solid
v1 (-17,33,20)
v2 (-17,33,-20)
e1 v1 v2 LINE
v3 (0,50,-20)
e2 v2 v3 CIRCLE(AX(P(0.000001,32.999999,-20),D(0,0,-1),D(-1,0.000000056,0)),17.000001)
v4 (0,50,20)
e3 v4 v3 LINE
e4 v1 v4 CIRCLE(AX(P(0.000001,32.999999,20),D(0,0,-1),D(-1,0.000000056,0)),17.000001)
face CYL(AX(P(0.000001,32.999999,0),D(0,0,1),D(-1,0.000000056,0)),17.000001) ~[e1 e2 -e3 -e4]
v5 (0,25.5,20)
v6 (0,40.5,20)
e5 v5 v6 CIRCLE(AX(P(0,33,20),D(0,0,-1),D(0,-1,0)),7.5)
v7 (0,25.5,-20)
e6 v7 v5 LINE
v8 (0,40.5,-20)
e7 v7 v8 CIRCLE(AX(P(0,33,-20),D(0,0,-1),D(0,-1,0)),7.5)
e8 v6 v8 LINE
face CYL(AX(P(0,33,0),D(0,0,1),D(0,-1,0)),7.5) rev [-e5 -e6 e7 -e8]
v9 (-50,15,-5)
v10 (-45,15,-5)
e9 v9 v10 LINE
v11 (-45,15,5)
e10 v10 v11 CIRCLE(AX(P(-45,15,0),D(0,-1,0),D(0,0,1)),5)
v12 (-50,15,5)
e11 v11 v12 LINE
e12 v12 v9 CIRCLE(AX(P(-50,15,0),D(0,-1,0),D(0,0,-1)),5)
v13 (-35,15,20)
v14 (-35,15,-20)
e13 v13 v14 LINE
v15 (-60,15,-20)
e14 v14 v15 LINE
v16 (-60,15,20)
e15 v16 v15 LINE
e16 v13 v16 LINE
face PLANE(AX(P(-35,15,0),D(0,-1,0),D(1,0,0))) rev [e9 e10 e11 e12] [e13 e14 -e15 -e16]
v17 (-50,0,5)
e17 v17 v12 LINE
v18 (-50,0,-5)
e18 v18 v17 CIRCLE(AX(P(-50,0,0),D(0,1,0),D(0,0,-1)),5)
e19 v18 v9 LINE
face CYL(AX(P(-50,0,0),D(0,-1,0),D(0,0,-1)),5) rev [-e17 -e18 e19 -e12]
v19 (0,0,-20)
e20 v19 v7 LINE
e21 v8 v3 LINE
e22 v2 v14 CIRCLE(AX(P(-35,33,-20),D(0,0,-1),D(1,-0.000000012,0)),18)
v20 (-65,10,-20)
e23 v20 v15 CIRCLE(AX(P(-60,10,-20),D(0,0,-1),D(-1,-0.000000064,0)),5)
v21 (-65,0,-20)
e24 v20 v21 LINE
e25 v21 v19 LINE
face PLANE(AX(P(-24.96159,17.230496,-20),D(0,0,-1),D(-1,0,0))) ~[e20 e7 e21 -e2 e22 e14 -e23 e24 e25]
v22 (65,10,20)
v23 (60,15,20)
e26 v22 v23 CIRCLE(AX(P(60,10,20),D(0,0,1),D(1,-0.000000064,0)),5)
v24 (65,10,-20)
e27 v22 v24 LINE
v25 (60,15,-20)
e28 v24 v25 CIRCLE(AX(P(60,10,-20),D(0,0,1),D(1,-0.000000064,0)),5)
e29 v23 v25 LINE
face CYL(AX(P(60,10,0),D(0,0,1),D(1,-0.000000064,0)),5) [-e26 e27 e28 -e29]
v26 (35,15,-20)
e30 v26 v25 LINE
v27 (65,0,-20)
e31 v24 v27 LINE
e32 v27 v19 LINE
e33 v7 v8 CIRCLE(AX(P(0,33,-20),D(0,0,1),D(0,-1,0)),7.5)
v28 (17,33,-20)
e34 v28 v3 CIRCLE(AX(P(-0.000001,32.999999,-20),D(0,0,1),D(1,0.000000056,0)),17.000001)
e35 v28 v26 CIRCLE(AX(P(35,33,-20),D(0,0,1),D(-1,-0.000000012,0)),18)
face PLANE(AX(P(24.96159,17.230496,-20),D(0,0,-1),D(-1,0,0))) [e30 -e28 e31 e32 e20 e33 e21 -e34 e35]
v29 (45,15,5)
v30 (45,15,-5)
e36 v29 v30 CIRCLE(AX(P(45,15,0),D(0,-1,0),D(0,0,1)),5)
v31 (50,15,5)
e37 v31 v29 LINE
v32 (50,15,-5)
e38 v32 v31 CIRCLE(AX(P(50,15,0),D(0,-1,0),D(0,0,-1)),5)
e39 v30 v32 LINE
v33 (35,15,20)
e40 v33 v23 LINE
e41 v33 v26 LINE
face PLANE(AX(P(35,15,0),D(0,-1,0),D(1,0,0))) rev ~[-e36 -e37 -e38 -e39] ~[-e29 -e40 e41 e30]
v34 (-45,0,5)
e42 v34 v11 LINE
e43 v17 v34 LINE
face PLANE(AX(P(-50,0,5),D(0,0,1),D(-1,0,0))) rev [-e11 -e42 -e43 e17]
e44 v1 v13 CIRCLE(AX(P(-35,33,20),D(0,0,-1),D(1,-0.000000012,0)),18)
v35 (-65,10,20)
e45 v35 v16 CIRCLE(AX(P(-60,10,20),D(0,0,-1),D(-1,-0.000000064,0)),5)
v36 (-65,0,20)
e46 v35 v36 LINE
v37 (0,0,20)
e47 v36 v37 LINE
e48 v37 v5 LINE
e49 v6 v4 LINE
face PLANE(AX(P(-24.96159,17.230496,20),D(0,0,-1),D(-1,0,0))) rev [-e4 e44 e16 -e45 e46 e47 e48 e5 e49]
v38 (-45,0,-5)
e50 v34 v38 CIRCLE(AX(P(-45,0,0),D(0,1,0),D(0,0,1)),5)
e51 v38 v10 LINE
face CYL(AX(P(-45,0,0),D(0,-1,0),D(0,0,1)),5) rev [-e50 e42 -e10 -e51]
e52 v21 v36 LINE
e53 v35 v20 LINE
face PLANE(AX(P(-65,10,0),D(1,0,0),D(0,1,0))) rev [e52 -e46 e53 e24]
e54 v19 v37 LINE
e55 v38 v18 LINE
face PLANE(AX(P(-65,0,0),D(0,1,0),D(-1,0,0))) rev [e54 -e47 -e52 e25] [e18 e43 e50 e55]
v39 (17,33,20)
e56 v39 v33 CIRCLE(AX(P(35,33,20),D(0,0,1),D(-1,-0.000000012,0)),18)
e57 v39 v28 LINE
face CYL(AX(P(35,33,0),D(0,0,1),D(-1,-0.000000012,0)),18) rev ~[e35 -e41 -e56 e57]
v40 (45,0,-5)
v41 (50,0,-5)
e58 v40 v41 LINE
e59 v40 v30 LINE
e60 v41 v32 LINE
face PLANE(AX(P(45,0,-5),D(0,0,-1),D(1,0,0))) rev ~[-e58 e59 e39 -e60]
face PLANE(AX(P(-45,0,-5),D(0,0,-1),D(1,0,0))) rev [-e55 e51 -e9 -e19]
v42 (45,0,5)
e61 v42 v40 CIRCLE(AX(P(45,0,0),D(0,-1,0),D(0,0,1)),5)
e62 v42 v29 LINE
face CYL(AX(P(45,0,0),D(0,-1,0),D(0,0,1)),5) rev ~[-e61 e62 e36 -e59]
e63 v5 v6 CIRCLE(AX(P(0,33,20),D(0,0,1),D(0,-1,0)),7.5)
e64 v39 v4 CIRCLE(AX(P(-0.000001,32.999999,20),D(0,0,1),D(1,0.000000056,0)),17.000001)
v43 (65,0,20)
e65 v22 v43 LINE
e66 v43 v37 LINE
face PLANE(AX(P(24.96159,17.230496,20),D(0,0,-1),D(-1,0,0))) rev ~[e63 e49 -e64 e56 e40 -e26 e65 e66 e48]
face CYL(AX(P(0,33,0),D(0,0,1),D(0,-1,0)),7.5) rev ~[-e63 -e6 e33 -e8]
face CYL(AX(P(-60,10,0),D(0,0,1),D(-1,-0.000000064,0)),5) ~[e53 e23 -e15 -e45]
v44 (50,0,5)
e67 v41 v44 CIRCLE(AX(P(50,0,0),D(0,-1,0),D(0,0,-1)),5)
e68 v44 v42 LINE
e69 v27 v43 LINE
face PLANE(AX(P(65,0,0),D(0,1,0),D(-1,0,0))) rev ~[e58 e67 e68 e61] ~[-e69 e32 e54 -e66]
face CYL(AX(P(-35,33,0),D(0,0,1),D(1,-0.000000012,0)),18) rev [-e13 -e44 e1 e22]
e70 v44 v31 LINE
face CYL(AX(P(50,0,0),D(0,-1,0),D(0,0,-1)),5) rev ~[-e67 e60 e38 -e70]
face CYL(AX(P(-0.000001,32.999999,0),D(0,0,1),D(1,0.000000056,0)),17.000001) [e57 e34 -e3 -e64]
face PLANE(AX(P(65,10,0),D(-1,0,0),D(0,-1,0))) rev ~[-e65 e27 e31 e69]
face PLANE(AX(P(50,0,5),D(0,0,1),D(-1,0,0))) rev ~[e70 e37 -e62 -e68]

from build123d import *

# Parameters (mm, degrees)
PAD_DEPTH    = 20
POCKET_DEPTH = 232.483876


with BuildPart() as part:
    # Sketch → Pad (new body, symmetric)
    with BuildSketch(Plane.XY):
        with BuildLine():
            ThreePointArc((0, 25.5), (7.5, 33), (0, 40.5))
            Line((0, 40.5), (0, 50))
            ThreePointArc((17, 33), (12.020815, 45.020815), (0, 50))
            ThreePointArc((17, 33), (22.272078, 20.272078), (35, 15))
            Line((35, 15), (47.5, 15))
            Line((47.5, 15), (60, 15))
            ThreePointArc((65, 10), (63.535534, 13.535534), (60, 15))
            Line((65, 10), (65, 0))
            Line((65, 0), (0, 0))
            Line((0, 0), (0, 25.5))
        make_face()
    pad = extrude(amount=PAD_DEPTH, both=True)

    # Sketch001 → Pocket (cut, through all)
    with BuildSketch(Plane.XZ):
        with BuildLine():
            ThreePointArc((50, -5), (55, 0), (50, 5))
            Line((50, 5), (45, 5))
            ThreePointArc((45, 5), (40, 0), (45, -5))
            Line((45, -5), (50, -5))
        make_face()
    pocket = extrude(amount=-POCKET_DEPTH, mode=Mode.SUBTRACT)

    # Mirrored: Pad, Pocket across Sketch V_Axis
    add(pad.mirror(Plane(origin=(0, 0, 0), x_dir=(0, 0, 1), z_dir=(1, 0, 0))))
    add(pocket.mirror(Plane(origin=(0, 0, 0), x_dir=(0, 0, 1), z_dir=(1, 0, 0))), mode=Mode.SUBTRACT)


solid = part.part
